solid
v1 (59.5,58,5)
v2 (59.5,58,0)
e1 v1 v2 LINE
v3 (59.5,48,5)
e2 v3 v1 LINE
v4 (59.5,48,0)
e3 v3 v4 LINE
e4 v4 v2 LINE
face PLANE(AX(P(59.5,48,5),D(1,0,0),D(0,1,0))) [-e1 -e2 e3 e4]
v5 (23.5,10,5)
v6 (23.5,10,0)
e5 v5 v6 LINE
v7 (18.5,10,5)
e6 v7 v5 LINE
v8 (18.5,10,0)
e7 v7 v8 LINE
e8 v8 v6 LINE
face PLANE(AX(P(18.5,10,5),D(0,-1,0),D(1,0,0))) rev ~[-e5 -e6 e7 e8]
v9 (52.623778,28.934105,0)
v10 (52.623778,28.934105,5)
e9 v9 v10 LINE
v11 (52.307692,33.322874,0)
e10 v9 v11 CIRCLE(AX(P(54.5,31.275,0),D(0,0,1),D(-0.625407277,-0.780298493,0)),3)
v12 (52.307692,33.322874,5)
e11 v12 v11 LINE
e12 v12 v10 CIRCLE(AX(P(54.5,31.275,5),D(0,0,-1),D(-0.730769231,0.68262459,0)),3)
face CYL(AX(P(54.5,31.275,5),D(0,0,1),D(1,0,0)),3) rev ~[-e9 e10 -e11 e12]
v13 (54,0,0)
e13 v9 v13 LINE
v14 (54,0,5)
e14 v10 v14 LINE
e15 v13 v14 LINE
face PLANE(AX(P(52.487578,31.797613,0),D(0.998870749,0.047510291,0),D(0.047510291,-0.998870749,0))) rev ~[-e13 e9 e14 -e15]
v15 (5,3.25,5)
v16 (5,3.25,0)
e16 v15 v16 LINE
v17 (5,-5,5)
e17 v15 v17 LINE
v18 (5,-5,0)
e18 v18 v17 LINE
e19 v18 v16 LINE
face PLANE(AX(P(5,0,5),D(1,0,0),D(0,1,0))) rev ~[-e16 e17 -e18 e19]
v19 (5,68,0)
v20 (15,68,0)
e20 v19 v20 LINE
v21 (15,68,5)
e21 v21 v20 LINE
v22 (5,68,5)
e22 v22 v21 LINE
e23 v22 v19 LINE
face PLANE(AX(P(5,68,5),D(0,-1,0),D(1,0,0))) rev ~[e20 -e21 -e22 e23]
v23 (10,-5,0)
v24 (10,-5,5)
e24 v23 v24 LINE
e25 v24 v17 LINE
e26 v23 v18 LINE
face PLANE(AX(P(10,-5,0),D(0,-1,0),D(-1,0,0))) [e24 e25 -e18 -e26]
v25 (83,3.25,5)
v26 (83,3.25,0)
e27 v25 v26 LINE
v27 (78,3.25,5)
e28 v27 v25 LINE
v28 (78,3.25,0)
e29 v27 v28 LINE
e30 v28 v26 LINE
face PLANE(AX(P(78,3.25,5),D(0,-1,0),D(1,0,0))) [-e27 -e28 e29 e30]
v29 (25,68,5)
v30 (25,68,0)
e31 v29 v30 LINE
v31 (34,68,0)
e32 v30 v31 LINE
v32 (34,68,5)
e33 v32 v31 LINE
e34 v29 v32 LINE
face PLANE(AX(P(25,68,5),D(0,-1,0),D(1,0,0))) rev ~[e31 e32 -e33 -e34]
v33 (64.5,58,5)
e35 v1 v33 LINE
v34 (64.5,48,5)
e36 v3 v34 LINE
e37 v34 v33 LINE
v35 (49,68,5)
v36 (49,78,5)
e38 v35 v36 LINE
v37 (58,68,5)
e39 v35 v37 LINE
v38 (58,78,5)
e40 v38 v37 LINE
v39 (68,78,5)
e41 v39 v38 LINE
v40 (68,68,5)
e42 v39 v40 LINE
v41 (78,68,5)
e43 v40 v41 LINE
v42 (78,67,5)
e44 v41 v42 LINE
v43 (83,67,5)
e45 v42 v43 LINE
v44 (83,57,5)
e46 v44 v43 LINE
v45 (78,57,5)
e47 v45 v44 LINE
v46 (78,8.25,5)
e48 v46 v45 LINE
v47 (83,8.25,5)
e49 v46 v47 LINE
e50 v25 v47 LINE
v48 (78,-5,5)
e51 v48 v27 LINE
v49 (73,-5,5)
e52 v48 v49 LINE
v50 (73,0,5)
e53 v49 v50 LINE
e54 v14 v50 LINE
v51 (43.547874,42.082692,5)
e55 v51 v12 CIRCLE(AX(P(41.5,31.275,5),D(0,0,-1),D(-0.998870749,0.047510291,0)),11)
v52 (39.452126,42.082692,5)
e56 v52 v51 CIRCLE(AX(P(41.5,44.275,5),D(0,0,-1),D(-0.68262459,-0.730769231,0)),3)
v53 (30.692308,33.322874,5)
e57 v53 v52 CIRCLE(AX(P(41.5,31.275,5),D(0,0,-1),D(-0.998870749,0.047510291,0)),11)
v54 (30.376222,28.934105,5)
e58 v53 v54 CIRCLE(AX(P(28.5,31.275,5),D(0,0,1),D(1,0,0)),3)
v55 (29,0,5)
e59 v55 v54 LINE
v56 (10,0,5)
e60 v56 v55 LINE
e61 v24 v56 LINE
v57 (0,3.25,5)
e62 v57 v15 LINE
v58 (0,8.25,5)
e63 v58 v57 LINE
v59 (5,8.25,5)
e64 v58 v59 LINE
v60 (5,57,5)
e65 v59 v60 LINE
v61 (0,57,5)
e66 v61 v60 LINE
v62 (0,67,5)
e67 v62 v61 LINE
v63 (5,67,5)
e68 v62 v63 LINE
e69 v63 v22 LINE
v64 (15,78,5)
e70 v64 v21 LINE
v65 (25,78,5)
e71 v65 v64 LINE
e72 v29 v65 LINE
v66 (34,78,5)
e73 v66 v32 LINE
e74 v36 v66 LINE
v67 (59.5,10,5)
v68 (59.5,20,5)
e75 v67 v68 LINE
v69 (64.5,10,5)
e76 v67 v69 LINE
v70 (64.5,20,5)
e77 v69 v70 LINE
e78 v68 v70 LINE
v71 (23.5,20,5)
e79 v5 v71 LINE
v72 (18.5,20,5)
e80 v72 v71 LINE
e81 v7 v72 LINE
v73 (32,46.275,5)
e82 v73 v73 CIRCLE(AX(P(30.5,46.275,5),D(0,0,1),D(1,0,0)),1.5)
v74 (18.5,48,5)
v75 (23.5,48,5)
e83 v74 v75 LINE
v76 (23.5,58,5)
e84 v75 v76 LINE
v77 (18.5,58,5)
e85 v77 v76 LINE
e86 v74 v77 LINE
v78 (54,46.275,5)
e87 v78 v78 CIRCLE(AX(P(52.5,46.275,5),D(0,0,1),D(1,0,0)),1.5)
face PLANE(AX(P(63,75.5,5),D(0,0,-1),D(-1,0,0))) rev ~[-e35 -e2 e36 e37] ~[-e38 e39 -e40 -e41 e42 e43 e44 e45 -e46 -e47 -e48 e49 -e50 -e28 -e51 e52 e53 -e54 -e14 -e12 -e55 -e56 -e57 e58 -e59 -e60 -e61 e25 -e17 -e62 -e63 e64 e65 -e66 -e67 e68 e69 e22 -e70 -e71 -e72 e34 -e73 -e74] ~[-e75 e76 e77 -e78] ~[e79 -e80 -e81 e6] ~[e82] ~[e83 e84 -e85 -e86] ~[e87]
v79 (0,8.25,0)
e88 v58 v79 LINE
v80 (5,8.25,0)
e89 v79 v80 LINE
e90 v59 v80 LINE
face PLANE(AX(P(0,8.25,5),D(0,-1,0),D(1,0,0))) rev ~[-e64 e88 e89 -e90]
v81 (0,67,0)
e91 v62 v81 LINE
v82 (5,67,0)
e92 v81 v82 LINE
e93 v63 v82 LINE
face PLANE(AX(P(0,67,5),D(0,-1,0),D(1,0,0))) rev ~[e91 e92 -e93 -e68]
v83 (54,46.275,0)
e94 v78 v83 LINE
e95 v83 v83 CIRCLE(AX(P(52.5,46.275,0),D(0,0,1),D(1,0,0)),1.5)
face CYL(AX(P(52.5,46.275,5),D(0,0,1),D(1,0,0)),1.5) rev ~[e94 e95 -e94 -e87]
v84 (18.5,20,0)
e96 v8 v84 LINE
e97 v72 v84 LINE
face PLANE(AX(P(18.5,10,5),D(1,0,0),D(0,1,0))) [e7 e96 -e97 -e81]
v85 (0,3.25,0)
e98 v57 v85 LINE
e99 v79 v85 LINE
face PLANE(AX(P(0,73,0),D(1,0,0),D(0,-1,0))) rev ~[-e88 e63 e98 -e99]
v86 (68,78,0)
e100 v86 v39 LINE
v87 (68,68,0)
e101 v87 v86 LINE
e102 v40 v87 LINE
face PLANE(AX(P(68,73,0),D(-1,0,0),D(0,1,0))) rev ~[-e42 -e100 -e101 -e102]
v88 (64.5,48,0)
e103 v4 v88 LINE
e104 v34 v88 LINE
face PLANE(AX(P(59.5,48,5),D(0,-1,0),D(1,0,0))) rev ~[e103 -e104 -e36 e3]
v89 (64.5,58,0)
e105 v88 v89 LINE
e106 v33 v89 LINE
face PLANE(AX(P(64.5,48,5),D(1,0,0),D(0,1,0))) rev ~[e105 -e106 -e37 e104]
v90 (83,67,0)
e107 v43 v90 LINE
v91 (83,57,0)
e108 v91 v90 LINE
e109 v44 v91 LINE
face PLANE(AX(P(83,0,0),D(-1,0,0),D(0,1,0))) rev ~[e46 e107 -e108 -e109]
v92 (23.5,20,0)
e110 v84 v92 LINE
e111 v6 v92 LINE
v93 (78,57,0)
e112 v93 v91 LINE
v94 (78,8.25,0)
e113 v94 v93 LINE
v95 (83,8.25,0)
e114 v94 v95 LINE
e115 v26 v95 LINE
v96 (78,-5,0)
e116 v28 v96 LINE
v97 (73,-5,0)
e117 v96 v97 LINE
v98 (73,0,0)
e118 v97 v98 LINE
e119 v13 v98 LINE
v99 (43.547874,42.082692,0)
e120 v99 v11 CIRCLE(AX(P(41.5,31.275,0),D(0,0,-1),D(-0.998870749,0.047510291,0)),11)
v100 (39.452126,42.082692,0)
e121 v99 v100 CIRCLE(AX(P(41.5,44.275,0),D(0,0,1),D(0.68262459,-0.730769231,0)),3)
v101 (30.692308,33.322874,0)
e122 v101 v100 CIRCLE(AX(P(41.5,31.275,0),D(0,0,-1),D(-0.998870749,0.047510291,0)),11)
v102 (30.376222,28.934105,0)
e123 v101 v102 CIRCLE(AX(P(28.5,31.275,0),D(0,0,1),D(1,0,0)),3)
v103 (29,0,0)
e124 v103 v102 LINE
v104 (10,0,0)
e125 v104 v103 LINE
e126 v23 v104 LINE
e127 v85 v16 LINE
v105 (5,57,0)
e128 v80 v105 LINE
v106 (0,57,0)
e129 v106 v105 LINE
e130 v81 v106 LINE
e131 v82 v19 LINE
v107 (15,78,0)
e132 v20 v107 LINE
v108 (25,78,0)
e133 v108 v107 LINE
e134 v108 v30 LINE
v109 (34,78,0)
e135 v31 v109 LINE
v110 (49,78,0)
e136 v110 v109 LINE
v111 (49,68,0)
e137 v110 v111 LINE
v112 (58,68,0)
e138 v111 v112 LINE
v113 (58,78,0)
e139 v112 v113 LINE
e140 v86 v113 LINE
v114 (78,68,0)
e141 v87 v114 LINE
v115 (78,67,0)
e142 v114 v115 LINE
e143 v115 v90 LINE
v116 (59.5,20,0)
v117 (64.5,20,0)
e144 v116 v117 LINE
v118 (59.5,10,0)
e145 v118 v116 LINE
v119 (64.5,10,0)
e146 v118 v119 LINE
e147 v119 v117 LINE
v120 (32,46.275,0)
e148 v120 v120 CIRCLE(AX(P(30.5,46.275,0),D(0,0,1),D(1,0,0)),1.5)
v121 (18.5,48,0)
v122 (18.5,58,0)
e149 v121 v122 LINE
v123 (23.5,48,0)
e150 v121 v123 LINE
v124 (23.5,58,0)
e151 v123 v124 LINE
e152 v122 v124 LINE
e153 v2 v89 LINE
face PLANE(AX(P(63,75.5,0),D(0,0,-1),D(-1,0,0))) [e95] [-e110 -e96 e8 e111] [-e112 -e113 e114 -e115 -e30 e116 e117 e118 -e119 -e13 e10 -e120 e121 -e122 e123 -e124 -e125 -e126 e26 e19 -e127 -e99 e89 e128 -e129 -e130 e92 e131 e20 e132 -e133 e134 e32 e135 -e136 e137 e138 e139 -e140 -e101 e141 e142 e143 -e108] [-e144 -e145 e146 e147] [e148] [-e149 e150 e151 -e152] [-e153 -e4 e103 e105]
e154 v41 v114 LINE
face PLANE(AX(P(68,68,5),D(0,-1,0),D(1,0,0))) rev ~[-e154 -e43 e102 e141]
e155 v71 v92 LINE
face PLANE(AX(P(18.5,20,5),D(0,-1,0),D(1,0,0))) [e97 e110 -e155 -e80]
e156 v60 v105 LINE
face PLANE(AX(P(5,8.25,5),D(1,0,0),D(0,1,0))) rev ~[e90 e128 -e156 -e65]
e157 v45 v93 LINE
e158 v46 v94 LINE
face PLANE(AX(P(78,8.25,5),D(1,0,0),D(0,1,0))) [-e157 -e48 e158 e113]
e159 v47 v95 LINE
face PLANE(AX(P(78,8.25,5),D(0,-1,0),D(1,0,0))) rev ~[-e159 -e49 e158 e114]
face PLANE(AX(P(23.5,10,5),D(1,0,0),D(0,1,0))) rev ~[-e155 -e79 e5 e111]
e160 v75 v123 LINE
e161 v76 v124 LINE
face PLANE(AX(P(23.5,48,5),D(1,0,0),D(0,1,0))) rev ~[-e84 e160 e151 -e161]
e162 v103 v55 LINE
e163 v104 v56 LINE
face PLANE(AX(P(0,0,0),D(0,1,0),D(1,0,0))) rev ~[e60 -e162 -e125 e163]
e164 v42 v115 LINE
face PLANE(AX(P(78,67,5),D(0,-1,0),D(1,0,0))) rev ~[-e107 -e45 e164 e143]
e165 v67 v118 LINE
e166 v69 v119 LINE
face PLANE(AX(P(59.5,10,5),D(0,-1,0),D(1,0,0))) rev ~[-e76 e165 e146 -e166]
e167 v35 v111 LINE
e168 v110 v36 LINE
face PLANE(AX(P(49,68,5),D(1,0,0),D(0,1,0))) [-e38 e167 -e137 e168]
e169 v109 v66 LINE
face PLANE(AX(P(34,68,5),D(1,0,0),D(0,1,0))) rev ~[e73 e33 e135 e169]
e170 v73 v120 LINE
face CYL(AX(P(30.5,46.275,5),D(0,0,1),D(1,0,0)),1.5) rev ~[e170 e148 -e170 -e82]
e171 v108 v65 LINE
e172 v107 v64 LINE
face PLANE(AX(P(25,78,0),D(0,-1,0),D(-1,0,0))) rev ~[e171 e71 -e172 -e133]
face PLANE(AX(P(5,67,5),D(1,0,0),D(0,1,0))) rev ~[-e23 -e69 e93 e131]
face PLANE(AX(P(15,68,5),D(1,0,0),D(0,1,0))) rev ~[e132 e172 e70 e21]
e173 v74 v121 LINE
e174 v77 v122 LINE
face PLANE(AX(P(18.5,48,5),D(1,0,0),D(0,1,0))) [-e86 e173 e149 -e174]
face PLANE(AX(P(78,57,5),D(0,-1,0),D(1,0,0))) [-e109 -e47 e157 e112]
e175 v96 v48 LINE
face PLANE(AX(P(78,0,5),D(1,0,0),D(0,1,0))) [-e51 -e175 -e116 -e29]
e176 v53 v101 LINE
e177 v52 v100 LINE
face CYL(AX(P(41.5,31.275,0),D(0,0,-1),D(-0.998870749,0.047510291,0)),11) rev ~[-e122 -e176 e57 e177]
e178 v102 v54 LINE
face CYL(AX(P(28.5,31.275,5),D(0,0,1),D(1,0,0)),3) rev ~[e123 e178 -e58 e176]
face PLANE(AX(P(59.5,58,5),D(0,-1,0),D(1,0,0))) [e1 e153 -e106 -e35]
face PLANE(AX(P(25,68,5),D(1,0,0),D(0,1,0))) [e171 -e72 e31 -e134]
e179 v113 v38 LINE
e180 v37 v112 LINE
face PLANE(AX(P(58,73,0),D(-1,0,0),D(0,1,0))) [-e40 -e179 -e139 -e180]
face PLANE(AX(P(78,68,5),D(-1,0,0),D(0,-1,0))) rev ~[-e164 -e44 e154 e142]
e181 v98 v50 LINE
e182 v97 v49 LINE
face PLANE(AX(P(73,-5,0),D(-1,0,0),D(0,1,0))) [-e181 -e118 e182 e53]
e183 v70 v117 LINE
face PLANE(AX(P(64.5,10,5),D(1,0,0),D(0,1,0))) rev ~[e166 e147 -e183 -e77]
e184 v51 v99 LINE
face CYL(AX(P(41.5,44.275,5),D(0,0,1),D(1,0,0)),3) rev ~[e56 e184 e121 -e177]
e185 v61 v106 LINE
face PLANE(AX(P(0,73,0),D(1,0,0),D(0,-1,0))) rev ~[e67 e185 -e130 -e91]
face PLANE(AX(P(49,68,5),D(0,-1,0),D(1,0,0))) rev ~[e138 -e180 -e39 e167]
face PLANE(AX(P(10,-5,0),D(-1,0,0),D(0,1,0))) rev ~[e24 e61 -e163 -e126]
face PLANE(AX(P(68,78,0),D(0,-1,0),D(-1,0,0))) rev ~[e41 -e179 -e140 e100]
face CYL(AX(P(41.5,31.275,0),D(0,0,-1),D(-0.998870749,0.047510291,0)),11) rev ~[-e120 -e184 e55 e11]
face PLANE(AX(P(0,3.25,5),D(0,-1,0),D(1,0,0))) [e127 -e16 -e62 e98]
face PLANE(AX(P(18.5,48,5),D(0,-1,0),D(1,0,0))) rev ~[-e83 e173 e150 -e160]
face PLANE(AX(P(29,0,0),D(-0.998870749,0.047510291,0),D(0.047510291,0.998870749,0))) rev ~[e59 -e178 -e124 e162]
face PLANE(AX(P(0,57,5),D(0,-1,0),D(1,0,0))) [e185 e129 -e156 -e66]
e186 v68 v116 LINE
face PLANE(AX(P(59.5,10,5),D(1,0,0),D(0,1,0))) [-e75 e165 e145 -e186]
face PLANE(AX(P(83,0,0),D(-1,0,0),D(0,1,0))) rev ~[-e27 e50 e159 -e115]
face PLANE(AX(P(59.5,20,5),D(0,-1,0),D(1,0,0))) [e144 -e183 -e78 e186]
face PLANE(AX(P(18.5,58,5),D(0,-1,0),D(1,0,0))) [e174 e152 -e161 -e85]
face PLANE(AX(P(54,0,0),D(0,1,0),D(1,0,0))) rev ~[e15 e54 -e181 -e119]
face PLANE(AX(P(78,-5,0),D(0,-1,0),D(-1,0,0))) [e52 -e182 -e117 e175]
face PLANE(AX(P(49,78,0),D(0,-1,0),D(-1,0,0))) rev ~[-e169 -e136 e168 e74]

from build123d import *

# Parameters (mm, degrees)
BOSS_EXTRU_1_DEPTH      = 5
ESQUISSE3_R             = 3
ESQUISSE3_W             = 5
ESQUISSE3_H             = 48.75
ESQUISSE3_H_2           = 3.25
ESQUISSE3_H_3           = 10
ESQUISSE3_W_2           = 9
ESQUISSE3_H_4           = 5
ENL_V_MAT_EXTRU_1_DEPTH = 5
ESQUISSE4_W             = 10
ESQUISSE4_H             = 5
ESQUISSE4_W_2           = 15
ESQUISSE4_W_3           = 5
BOSS_EXTRU_2_DEPTH      = 5
ESQUISSE5_R             = 1.5
ENL_V_MAT_EXTRU_2_DEPTH = 5


with BuildPart() as part:
    # Esquisse1 → Boss.-Extru.1 (new body)
    with BuildSketch(Plane.XY):
        with BuildLine():
            Line((0, 0), (29, 0))
            Line((29, 0), (30.512421766, 31.797613203))
            ThreePointArc((30.512421766, 31.797613203), (41.5, 42.275), (52.487578234, 31.797613203))
            Line((52.487578234, 31.797613203), (54, 0))
            Line((54, 0), (83, 0))
            Line((83, 0), (83, 73))
            Line((83, 73), (0, 73))
            Line((0, 73), (0, 0))
        make_face()
    extrude(amount=BOSS_EXTRU_1_DEPTH)

    # Esquisse3 → Enlèv. mat.-Extru.1 (cut)
    with BuildSketch(Plane.XY.offset(5)):
        with Locations((41.5, 44.275)):
            Circle(ESQUISSE3_R)
        with Locations((54.5, 31.275)):
            Circle(ESQUISSE3_R)
        with Locations((28.5, 31.275)):
            Circle(ESQUISSE3_R)
        Polygon((15, 73), (0, 73), (0, 67), (5, 67), (5, 68), (15, 68), align=None)
        Polygon((78, 67), (83, 67), (83, 73), (68, 73), (68, 68), (78, 68), align=None)
        with Locations((2.5, 32.625)):
            Rectangle(ESQUISSE3_W, ESQUISSE3_H)
        with Locations((2.5, 1.625)):
            Rectangle(ESQUISSE3_W, ESQUISSE3_H_2)
        with Locations((80.5, 1.625)):
            Rectangle(ESQUISSE3_W, ESQUISSE3_H_2)
        with Locations((80.5, 32.625)):
            Rectangle(ESQUISSE3_W, ESQUISSE3_H)
        with Locations((62, 15)):
            Rectangle(ESQUISSE3_W, ESQUISSE3_H_3)
        with Locations((21, 53)):
            Rectangle(ESQUISSE3_W, ESQUISSE3_H_3)
        with Locations((21, 15)):
            Rectangle(ESQUISSE3_W, ESQUISSE3_H_3)
        with Locations((62, 53)):
            Rectangle(ESQUISSE3_W, ESQUISSE3_H_3)
        with Locations((53.5, 70.5)):
            Rectangle(ESQUISSE3_W_2, ESQUISSE3_H_4)
        with Locations((29.5, 70.5)):
            Rectangle(ESQUISSE3_W_2, ESQUISSE3_H_4)
    extrude(amount=-ENL_V_MAT_EXTRU_1_DEPTH, mode=Mode.SUBTRACT)

    # Esquisse4 → Boss.-Extru.2 (add)
    with BuildSketch(Plane(origin=(0, 0, 0), x_dir=(-1, 0, 0), z_dir=(0, 0, -1))):
        with Locations((-63, 75.5)):
            Rectangle(ESQUISSE4_W, ESQUISSE4_H)
        with Locations((-41.5, 75.5)):
            Rectangle(ESQUISSE4_W_2, ESQUISSE4_H)
        with Locations((-20, 75.5)):
            Rectangle(ESQUISSE4_W, ESQUISSE4_H)
        with Locations((-75.5, -2.5)):
            Rectangle(ESQUISSE4_W_3, ESQUISSE4_H)
        with Locations((-7.5, -2.5)):
            Rectangle(ESQUISSE4_W_3, ESQUISSE4_H)
    extrude(amount=-BOSS_EXTRU_2_DEPTH)

    # Esquisse5 → Enlèv. mat.-Extru.2 (cut)
    with BuildSketch(Plane.XY.offset(5)):
        with Locations((52.5, 46.275)):
            Circle(ESQUISSE5_R)
        with Locations((30.5, 46.275)):
            Circle(ESQUISSE5_R)
    extrude(amount=-ENL_V_MAT_EXTRU_2_DEPTH, mode=Mode.SUBTRACT)


solid = part.part
